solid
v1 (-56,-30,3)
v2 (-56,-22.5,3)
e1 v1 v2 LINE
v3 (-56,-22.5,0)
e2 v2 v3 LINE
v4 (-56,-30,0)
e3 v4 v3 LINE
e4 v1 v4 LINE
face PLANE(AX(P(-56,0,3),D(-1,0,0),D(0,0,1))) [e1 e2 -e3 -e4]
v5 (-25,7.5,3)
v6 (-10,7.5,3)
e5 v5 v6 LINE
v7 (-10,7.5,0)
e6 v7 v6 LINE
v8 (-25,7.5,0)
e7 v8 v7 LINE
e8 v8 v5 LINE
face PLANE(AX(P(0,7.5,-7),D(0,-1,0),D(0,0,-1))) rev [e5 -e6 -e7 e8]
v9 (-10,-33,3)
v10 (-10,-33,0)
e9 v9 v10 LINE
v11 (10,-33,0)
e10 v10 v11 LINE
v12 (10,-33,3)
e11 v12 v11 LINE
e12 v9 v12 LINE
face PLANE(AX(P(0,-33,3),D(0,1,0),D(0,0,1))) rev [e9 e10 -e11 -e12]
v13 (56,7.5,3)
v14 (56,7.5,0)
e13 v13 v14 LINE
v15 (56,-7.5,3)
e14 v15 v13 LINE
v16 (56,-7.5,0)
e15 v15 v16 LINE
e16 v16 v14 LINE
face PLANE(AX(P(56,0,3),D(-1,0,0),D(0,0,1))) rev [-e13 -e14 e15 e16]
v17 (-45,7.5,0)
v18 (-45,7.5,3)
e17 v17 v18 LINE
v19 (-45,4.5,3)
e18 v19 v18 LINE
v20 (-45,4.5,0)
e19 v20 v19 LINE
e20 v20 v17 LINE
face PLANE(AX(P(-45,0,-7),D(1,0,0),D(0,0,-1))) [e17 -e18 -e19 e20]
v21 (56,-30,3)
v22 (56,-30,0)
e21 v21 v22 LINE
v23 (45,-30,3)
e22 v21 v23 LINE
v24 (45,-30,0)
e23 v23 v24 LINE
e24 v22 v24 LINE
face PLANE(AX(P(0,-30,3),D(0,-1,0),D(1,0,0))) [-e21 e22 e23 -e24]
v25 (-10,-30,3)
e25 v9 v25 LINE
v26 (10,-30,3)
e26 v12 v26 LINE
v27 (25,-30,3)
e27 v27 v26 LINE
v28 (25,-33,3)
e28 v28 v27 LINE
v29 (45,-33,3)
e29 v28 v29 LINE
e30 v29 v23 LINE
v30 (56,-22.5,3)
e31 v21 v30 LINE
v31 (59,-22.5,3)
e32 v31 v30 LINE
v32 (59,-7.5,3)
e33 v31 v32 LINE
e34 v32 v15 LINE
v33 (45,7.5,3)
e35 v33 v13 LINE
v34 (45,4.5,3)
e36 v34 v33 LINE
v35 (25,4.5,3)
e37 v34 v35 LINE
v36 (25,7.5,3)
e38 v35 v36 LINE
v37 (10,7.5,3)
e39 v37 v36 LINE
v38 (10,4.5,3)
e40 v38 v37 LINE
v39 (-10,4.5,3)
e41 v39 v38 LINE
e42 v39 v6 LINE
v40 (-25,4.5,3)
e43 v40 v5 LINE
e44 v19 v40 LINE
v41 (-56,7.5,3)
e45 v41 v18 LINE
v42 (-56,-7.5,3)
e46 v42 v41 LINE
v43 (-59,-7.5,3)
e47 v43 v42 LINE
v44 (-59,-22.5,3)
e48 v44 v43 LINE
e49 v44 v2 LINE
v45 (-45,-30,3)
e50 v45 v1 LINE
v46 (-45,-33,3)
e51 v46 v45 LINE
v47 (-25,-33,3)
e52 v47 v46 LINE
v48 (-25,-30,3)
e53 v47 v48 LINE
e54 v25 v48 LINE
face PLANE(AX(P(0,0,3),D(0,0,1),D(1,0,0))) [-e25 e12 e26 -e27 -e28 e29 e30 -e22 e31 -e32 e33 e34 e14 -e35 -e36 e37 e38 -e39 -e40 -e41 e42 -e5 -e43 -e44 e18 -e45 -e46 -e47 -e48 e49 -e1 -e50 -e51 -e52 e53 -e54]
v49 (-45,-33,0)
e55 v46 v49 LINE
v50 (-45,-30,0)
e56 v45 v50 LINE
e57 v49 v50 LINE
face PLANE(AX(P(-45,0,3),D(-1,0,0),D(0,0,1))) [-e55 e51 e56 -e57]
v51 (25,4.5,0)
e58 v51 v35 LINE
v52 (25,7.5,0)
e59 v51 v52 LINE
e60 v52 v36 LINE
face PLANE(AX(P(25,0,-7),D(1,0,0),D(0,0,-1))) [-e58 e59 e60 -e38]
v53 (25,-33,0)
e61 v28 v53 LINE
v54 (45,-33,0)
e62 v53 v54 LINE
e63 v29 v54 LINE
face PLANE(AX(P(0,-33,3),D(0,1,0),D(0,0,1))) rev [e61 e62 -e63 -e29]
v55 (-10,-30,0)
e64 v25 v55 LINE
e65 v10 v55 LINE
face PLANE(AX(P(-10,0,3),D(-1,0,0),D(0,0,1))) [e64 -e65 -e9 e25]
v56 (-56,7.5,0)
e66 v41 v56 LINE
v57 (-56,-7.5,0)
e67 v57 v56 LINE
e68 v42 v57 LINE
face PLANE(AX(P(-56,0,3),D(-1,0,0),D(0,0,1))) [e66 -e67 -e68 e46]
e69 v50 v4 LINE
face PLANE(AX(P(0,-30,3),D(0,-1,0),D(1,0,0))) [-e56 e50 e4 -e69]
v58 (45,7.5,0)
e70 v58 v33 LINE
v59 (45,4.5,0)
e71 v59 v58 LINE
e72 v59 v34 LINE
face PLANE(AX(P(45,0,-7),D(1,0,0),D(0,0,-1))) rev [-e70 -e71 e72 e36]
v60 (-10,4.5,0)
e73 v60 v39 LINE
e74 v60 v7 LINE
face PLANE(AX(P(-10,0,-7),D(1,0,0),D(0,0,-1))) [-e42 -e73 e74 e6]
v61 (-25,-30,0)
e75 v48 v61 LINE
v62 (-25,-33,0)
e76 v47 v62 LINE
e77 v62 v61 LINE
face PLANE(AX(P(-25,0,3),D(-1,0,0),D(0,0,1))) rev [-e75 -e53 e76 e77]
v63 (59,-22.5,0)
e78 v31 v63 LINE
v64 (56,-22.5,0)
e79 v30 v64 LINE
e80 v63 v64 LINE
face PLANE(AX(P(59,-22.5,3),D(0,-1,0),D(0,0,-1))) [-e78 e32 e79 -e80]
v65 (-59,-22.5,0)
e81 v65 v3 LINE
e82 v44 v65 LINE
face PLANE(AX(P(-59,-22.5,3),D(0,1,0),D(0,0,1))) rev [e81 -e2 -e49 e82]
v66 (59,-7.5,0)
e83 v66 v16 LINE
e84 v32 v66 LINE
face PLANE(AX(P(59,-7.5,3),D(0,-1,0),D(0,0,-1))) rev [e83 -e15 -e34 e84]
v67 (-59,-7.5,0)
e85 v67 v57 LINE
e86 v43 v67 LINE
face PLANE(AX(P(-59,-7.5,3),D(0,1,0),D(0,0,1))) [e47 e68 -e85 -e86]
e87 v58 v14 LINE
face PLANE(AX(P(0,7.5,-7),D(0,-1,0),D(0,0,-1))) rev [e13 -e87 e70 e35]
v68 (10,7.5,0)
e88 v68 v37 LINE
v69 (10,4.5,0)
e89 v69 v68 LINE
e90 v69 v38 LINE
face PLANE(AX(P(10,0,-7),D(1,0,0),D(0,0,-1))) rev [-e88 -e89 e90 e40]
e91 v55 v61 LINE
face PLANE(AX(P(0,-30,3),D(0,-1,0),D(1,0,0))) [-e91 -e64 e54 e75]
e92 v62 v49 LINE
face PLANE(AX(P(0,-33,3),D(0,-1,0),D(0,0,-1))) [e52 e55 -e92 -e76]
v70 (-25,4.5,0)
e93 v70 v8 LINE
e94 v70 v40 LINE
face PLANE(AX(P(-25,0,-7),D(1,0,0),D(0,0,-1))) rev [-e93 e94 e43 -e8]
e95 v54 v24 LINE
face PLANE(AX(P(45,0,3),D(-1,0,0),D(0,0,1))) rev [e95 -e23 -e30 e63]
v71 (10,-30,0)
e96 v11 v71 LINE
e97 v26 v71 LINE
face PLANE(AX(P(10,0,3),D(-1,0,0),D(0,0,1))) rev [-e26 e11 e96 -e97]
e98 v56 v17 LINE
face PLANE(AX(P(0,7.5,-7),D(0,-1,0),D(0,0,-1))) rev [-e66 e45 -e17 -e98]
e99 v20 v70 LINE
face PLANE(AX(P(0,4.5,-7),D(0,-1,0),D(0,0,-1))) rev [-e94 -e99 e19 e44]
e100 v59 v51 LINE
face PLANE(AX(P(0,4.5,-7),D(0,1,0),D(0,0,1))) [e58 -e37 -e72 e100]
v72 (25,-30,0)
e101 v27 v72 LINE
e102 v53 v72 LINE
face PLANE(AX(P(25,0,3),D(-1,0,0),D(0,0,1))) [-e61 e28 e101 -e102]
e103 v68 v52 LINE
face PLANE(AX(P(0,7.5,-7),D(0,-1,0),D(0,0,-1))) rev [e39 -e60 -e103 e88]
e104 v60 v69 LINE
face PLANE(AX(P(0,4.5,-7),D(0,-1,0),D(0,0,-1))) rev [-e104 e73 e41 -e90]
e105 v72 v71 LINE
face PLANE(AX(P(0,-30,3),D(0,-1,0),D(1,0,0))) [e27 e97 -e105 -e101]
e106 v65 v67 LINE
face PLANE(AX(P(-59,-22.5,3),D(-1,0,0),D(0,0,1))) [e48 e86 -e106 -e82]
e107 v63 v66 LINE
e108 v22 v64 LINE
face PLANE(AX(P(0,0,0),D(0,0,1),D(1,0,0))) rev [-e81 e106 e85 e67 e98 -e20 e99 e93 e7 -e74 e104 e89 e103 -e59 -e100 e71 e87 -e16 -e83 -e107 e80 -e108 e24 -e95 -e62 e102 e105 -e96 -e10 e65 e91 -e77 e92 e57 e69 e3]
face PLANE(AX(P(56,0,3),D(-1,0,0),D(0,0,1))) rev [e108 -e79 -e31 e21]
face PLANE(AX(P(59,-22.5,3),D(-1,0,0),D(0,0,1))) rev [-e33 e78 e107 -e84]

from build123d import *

# Parameters (mm, degrees)
SKETCH2_W           = 112
SKETCH2_H           = 60
SKETCH2_W_2         = 20
SKETCH2_H_2         = 3
SKETCH2_W_3         = 3
SKETCH2_H_3         = 15
BOSS_EXTRUDE1_DEPTH = 3
SKETCH4_W           = 20
SKETCH4_H           = 3
CUT_EXTRUDE2_DEPTH  = 10


with BuildPart() as part:
    # Sketch2 → Boss-Extrude1 (new body)
    with BuildSketch(Plane.XY):
        Rectangle(SKETCH2_W, SKETCH2_H)
        with Locations((-35, -31.5)):
            Rectangle(SKETCH2_W_2, SKETCH2_H_2)
        with Locations((0, -31.5)):
            Rectangle(SKETCH2_W_2, SKETCH2_H_2)
        with Locations((35, -31.5)):
            Rectangle(SKETCH2_W_2, SKETCH2_H_2)
        with Locations((57.5, -15)):
            Rectangle(SKETCH2_W_3, SKETCH2_H_3)
        with Locations((-57.5, -15)):
            Rectangle(SKETCH2_W_3, SKETCH2_H_3)
        with Locations((-57.5, 15)):
            Rectangle(SKETCH2_W_3, SKETCH2_H_3)
        with Locations((57.5, 15)):
            Rectangle(SKETCH2_W_3, SKETCH2_H_3)
    extrude(amount=BOSS_EXTRUDE1_DEPTH)

    # Sketch4 → Cut-Extrude2 (cut)
    with BuildSketch(Plane.XY.offset(3)):
        with Locations((-35, 6)):
            Rectangle(SKETCH4_W, SKETCH4_H)
        with Locations((0, 6)):
            Rectangle(SKETCH4_W, SKETCH4_H)
        with Locations((35, 6)):
            Rectangle(SKETCH4_W, SKETCH4_H)
        Polygon((-59, 22.5), (-59, 7.5), (-56, 7.5), (-45, 7.5), (-25, 7.5), (-10, 7.5), (10, 7.5), (25, 7.5), (45, 7.5), (56, 7.5), (59, 7.5), (59, 22.5), (56, 22.5), (56, 30), (-56, 30), (-56, 22.5), align=None)
    extrude(amount=-CUT_EXTRUDE2_DEPTH, mode=Mode.SUBTRACT)


solid = part.part
